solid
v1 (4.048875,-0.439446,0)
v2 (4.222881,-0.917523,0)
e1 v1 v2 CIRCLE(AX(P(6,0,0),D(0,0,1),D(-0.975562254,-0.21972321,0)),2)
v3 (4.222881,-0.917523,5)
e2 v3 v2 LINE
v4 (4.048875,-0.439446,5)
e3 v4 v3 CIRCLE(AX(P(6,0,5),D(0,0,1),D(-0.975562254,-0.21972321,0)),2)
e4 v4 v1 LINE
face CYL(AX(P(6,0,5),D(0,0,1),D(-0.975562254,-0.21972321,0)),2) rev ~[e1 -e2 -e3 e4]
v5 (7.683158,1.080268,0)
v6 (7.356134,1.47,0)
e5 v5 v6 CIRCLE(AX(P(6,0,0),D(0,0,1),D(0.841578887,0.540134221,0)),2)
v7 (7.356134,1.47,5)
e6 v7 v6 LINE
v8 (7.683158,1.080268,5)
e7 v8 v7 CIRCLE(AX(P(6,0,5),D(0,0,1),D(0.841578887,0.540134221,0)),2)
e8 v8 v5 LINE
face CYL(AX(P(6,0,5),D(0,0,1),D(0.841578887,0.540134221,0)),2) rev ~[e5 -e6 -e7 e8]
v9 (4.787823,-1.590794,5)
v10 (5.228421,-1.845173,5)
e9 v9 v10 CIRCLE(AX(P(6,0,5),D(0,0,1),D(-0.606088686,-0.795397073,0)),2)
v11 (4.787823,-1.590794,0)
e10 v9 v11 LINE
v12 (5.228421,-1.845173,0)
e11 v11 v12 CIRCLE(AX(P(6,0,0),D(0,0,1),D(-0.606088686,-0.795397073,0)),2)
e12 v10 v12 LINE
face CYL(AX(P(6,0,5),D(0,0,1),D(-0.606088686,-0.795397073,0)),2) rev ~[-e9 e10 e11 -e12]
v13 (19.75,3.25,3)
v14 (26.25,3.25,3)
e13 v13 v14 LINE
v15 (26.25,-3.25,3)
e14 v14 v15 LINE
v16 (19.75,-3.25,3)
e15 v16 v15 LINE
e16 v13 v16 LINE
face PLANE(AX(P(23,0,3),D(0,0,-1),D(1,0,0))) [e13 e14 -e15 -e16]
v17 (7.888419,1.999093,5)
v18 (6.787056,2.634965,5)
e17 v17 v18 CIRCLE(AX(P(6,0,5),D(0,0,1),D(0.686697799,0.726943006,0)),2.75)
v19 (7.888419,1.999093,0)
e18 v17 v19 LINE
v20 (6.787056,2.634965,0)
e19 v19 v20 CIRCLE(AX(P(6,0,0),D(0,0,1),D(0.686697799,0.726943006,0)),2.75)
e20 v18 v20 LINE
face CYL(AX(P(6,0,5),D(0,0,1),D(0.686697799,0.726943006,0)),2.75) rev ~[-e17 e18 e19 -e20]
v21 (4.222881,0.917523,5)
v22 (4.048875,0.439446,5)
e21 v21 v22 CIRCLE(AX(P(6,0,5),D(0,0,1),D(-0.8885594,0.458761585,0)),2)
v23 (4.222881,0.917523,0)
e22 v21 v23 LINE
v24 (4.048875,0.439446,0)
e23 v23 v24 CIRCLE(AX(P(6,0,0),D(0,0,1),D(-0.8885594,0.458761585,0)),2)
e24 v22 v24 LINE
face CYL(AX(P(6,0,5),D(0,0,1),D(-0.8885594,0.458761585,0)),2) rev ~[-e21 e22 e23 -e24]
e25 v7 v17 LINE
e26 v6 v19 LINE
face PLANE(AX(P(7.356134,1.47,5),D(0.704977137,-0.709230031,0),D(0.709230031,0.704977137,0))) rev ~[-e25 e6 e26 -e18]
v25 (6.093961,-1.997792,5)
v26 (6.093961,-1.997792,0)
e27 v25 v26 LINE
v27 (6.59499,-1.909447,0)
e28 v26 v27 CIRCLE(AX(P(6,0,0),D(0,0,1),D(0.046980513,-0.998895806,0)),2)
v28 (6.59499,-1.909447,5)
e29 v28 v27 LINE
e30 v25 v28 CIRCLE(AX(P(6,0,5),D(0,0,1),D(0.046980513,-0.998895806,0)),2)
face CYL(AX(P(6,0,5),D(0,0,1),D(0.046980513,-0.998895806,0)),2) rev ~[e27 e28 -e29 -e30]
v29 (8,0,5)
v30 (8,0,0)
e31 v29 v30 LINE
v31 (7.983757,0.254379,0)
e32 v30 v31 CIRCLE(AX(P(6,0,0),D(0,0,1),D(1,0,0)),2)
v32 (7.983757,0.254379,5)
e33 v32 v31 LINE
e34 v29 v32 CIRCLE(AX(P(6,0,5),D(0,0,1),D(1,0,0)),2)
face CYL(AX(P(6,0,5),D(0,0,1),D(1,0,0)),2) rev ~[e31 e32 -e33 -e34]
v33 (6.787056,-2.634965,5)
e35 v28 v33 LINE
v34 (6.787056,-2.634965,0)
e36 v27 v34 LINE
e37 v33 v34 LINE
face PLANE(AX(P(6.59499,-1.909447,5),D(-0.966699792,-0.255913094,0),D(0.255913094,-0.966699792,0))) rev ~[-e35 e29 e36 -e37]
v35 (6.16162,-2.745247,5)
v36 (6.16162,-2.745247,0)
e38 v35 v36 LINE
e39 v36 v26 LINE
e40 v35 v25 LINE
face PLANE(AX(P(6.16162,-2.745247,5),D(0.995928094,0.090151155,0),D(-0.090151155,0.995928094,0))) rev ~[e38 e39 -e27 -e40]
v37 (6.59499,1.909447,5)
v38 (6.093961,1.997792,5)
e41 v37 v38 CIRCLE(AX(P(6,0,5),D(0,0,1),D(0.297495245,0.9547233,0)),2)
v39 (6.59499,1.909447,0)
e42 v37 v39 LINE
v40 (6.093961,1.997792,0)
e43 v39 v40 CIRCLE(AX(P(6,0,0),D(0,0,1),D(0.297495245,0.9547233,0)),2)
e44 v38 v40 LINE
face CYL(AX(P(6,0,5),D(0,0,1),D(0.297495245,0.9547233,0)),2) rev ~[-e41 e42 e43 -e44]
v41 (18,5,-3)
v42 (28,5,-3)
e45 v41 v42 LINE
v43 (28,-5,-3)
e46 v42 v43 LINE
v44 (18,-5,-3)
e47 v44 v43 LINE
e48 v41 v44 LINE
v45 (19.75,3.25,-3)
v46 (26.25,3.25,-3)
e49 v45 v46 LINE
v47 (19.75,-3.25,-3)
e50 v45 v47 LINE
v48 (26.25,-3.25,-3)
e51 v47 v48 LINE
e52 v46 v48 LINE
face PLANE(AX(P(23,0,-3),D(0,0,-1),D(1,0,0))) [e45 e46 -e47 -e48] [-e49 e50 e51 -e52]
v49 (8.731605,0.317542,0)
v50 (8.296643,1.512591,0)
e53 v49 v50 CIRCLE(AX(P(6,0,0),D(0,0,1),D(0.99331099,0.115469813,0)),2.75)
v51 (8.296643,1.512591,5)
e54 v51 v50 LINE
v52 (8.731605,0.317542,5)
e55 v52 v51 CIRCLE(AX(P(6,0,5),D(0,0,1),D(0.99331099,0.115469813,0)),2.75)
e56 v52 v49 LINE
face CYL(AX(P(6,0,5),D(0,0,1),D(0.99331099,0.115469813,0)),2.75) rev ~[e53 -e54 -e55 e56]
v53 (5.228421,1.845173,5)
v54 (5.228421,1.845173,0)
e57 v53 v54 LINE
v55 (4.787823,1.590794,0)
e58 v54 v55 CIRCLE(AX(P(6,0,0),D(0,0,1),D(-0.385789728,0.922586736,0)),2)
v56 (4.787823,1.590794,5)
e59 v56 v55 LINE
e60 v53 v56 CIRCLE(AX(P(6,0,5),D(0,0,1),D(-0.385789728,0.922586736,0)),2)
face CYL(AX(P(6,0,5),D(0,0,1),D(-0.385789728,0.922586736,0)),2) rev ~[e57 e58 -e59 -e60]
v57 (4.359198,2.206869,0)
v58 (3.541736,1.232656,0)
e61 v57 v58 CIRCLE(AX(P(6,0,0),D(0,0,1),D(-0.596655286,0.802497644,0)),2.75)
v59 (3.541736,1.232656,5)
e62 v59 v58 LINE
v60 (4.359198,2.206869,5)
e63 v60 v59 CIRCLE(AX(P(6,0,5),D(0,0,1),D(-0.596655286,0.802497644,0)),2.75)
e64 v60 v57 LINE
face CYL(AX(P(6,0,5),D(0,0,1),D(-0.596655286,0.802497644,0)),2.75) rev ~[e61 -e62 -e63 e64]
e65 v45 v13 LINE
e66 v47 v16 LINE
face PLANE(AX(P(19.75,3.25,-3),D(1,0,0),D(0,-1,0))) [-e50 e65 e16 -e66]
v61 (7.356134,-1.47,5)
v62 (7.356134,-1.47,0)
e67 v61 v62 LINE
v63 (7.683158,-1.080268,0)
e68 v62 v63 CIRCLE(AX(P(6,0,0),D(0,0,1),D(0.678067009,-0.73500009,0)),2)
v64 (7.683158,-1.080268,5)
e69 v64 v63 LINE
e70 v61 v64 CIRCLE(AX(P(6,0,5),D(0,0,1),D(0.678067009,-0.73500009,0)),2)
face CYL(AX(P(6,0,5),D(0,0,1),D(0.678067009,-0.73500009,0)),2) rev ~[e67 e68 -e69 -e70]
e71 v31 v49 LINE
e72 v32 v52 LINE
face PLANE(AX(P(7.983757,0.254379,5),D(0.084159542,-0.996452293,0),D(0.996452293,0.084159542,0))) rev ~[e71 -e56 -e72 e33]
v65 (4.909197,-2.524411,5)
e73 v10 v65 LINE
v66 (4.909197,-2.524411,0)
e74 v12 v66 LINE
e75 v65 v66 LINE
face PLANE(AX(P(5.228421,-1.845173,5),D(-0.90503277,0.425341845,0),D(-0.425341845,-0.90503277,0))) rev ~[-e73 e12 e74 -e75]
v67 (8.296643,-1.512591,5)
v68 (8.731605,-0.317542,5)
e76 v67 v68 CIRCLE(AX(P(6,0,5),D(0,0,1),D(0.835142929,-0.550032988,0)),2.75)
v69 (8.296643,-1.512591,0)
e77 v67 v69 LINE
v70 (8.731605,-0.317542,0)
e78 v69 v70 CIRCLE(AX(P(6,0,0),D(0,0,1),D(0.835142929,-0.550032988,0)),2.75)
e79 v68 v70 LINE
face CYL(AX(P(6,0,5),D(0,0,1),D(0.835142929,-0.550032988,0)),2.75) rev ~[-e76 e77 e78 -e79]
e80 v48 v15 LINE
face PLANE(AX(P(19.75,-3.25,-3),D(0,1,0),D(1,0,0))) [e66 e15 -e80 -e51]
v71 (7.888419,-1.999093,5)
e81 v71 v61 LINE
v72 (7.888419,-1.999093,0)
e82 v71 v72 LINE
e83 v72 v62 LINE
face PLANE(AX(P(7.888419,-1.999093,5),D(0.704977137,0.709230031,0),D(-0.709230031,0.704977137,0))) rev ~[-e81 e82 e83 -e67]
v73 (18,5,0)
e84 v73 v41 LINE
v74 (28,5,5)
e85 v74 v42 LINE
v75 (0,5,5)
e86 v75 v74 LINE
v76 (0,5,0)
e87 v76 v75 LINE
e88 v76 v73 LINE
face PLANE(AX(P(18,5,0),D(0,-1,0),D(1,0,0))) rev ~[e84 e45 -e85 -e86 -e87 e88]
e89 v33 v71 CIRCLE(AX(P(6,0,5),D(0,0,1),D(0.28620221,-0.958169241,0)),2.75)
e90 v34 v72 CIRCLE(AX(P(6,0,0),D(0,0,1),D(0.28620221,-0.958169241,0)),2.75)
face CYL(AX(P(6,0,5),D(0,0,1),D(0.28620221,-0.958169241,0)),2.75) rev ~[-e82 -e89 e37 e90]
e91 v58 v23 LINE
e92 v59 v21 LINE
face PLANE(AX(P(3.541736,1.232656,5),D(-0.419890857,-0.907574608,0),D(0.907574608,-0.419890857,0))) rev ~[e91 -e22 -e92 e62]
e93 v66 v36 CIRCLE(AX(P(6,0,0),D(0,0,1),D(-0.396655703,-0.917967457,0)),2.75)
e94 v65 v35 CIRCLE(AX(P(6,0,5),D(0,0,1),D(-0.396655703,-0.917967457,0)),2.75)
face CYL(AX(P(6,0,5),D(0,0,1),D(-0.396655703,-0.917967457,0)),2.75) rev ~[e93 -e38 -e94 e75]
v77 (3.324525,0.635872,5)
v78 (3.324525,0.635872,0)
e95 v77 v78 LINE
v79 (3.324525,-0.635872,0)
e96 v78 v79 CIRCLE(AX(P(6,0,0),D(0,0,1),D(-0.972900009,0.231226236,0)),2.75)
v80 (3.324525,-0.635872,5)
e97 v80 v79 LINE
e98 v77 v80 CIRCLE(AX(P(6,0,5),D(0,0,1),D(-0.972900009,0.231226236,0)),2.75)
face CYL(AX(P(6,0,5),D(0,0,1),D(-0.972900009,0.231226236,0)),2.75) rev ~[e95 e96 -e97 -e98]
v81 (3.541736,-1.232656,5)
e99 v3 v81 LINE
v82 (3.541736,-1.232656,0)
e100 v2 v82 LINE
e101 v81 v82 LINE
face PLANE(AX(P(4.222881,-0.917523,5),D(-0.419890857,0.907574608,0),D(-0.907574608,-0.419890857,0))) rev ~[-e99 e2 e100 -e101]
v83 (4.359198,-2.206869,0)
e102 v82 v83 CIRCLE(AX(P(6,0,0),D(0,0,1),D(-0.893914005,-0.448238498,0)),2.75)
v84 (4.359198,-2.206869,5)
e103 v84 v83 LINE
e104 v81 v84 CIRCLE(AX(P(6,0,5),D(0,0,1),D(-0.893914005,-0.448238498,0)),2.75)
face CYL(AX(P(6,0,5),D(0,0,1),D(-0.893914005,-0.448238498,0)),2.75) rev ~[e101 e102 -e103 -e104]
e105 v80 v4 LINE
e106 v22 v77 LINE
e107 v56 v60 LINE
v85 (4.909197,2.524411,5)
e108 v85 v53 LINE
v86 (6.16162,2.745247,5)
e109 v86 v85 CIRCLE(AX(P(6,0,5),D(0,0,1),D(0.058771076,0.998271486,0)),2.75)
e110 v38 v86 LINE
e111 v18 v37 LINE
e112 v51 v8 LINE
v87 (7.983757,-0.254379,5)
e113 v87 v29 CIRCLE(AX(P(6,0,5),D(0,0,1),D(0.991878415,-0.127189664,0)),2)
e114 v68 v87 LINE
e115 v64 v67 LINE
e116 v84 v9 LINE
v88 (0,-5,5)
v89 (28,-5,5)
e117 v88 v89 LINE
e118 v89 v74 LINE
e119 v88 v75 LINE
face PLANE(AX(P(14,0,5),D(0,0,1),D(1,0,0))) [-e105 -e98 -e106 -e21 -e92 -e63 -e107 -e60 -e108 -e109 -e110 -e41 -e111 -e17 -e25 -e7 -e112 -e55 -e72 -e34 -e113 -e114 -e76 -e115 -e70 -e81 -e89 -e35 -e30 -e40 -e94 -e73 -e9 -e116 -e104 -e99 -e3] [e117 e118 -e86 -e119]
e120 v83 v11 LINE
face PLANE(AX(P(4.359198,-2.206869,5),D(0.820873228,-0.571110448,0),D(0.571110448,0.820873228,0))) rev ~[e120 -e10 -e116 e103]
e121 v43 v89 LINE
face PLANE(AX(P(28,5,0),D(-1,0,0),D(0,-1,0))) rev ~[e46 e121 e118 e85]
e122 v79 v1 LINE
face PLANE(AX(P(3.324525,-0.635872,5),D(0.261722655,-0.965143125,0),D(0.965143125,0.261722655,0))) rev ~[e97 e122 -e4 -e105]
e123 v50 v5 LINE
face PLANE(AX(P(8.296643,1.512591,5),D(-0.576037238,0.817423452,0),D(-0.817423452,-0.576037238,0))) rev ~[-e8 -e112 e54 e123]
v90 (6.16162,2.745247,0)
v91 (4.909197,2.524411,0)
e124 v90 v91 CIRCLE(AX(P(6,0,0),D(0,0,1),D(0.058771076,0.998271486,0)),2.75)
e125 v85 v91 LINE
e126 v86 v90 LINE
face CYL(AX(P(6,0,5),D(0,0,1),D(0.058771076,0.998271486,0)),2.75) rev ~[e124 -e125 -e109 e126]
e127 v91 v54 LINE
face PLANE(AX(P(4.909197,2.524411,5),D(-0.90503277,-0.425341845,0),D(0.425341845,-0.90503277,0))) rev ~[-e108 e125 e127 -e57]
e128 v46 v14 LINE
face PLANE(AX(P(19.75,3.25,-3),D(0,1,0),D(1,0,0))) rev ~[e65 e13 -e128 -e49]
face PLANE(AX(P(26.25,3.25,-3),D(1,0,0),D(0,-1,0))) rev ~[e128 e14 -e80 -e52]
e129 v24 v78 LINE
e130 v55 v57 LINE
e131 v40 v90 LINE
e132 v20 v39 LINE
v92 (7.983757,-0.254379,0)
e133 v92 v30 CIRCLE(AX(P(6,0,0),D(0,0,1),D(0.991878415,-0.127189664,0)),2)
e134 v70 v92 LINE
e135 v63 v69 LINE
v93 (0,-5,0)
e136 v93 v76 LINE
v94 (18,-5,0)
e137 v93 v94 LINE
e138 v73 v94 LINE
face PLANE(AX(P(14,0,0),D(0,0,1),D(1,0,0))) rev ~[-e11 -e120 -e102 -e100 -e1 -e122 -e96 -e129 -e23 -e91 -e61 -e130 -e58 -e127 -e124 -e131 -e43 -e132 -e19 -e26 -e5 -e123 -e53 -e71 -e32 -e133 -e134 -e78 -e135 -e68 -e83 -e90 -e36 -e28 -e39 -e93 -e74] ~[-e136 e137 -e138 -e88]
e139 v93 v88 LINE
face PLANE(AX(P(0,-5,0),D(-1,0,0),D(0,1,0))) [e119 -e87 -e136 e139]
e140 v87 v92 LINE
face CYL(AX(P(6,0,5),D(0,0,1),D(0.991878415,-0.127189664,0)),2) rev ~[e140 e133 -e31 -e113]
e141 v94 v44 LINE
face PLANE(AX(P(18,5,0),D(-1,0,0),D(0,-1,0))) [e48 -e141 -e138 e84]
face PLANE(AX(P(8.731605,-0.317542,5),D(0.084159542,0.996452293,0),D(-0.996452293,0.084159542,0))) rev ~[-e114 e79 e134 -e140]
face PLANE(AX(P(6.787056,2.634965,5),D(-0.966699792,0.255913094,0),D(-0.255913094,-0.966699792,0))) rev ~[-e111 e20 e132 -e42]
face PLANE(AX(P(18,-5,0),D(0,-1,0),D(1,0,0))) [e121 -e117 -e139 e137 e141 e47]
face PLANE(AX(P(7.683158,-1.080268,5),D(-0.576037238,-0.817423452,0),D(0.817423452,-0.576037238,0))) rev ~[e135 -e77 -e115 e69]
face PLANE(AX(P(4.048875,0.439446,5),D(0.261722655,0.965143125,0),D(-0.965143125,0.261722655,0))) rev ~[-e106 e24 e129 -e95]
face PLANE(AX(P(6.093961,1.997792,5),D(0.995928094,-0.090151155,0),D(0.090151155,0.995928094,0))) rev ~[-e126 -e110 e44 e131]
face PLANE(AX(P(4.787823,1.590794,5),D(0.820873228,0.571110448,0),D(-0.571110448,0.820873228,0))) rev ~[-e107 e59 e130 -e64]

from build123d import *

# Parameters (mm, degrees)
F0_W     = 28
F0_H     = 10
F1_DEPTH = 5
F3_DEPTH = 6
F4_W     = 10
F4_H     = 10
F5_DEPTH = 3
F6_W     = 6.5
F6_H     = 6.5
F7_DEPTH = 6


with BuildPart() as f1:
    # F0 (on Top) → F1 (new body)
    with BuildSketch(Plane.XY):
        with Locations((14, 0)):
            Rectangle(F0_W, F0_H)
    extrude(amount=F1_DEPTH)

    # F2 (on face) → F3 (cut)
    with BuildSketch(Plane.XY.offset(5)):
        with BuildLine():
            Line((7.9837568295, 0.2543793255), (8.7316052217, 0.3175419863))
            ThreePointArc((8.7316052217, 0.3175419863), (8.5841547072, 0.9405553941), (8.2966430552, 1.512590717))
            Line((8.2966430552, 1.512590717), (7.6831577744, 1.0802684419))
            ThreePointArc((7.6831577744, 1.0802684419), (7.8793852416, 0.6840402867), (7.9837568295, 0.2543793255))
        make_face()
        with BuildLine():
            Line((7.9837568295, -0.2543793255), (7.9837568295, 0.2543793255))
            ThreePointArc((7.9837568295, 0.2543793255), (7.8793852416, 0.6840402867), (7.6831577744, 1.0802684419))
            Line((7.6831577744, 1.0802684419), (7.3561340172, 1.4700001794))
            ThreePointArc((7.3561340172, 1.4700001794), (7, 1.7320508076), (6.5949904904, 1.9094465995))
            Line((6.5949904904, 1.9094465995), (6.0939610264, 1.9977916121))
            ThreePointArc((6.0939610264, 1.9977916121), (5.6527036447, 1.969615506), (5.2284205433, 1.8451734721))
            Line((5.2284205433, 1.8451734721), (4.7878226271, 1.5907941466))
            ThreePointArc((4.7878226271, 1.5907941466), (4.4679111138, 1.2855752194), (4.2228811992, 0.9175231702))
            Line((4.2228811992, 0.9175231702), (4.0488754925, 0.4394464201))
            ThreePointArc((4.0488754925, 0.4394464201), (4, 0), (4.0488754925, -0.4394464201))
            Line((4.0488754925, -0.4394464201), (4.2228811992, -0.9175231702))
            ThreePointArc((4.2228811992, -0.9175231702), (4.4679111138, -1.2855752194), (4.7878226271, -1.5907941466))
            Line((4.7878226271, -1.5907941466), (5.2284205433, -1.8451734721))
            ThreePointArc((5.2284205433, -1.8451734721), (5.6527036447, -1.969615506), (6.0939610264, -1.9977916121))
            Line((6.0939610264, -1.9977916121), (6.5949904904, -1.9094465995))
            ThreePointArc((6.5949904904, -1.9094465995), (7, -1.7320508076), (7.3561340172, -1.4700001794))
            Line((7.3561340172, -1.4700001794), (7.6831577744, -1.0802684419))
            ThreePointArc((7.6831577744, -1.0802684419), (7.8793852416, -0.6840402867), (7.9837568295, -0.2543793255))
        make_face()
        with BuildLine():
            ThreePointArc((8, 0), (7.9959350765, 0.1274486974), (7.9837568295, 0.2543793255))
            Line((7.9837568295, 0.2543793255), (7.9837568295, -0.2543793255))
            ThreePointArc((7.9837568295, -0.2543793255), (7.9959350765, -0.1274486974), (8, 0))
        make_face()
        with BuildLine():
            Line((7.3561340172, 1.4700001794), (7.6831577744, 1.0802684419))
            ThreePointArc((7.6831577744, 1.0802684419), (7.5320888862, 1.2855752194), (7.3561340172, 1.4700001794))
        make_face()
        with BuildLine():
            Line((8.7316052217, -0.3175419863), (7.9837568295, -0.2543793255))
            ThreePointArc((7.9837568295, -0.2543793255), (7.8793852416, -0.6840402867), (7.6831577744, -1.0802684419))
            Line((7.6831577744, -1.0802684419), (8.2966430552, -1.512590717))
            ThreePointArc((8.2966430552, -1.512590717), (8.5841547072, -0.9405553941), (8.7316052217, -0.3175419863))
        make_face()
        with BuildLine():
            ThreePointArc((6.5949904904, 1.9094465995), (7, 1.7320508076), (7.3561340172, 1.4700001794))
            Line((7.3561340172, 1.4700001794), (7.8884189465, 1.9990932651))
            ThreePointArc((7.8884189465, 1.9990932651), (7.375, 2.3815698604), (6.7870560788, 2.6349654132))
            Line((6.7870560788, 2.6349654132), (6.5949904904, 1.9094465995))
        make_face()
        with BuildLine():
            ThreePointArc((7.3561340172, -1.4700001794), (7.5320888862, -1.2855752194), (7.6831577744, -1.0802684419))
            Line((7.6831577744, -1.0802684419), (7.3561340172, -1.4700001794))
        make_face()
        with BuildLine():
            Line((6.0939610264, 1.9977916121), (6.5949904904, 1.9094465995))
            ThreePointArc((6.5949904904, 1.9094465995), (6.3472963553, 1.969615506), (6.0939610264, 1.9977916121))
        make_face()
        with BuildLine():
            Line((7.8884189465, -1.9990932651), (7.3561340172, -1.4700001794))
            ThreePointArc((7.3561340172, -1.4700001794), (7, -1.7320508076), (6.5949904904, -1.9094465995))
            Line((6.5949904904, -1.9094465995), (6.7870560788, -2.6349654132))
            ThreePointArc((6.7870560788, -2.6349654132), (7.375, -2.3815698604), (7.8884189465, -1.9990932651))
        make_face()
        with BuildLine():
            ThreePointArc((5.2284205433, 1.8451734721), (5.6527036447, 1.969615506), (6.0939610264, 1.9977916121))
            Line((6.0939610264, 1.9977916121), (6.1616204589, 2.7452465877))
            ThreePointArc((6.1616204589, 2.7452465877), (5.5224675114, 2.7082213208), (4.9091968161, 2.5244105082))
            Line((4.9091968161, 2.5244105082), (5.2284205433, 1.8451734721))
        make_face()
        with BuildLine():
            ThreePointArc((6.0939610264, -1.9977916121), (6.3472963553, -1.969615506), (6.5949904904, -1.9094465995))
            Line((6.5949904904, -1.9094465995), (6.0939610264, -1.9977916121))
        make_face()
        with BuildLine():
            Line((4.7878226271, 1.5907941466), (5.2284205433, 1.8451734721))
            ThreePointArc((5.2284205433, 1.8451734721), (5, 1.7320508076), (4.7878226271, 1.5907941466))
        make_face()
        with BuildLine():
            Line((6.1616204589, -2.7452465877), (6.0939610264, -1.9977916121))
            ThreePointArc((6.0939610264, -1.9977916121), (5.6527036447, -1.969615506), (5.2284205433, -1.8451734721))
            Line((5.2284205433, -1.8451734721), (4.9091968161, -2.5244105082))
            ThreePointArc((4.9091968161, -2.5244105082), (5.5224675114, -2.7082213208), (6.1616204589, -2.7452465877))
        make_face()
        with BuildLine():
            ThreePointArc((4.2228811992, 0.9175231702), (4.4679111138, 1.2855752194), (4.7878226271, 1.5907941466))
            Line((4.7878226271, 1.5907941466), (4.3591979623, 2.2068685219))
            ThreePointArc((4.3591979623, 2.2068685219), (3.8933777814, 1.7676659266), (3.541736486, 1.2326558707))
            Line((3.541736486, 1.2326558707), (4.2228811992, 0.9175231702))
        make_face()
        with BuildLine():
            ThreePointArc((4.7878226271, -1.5907941466), (5, -1.7320508076), (5.2284205433, -1.8451734721))
            Line((5.2284205433, -1.8451734721), (4.7878226271, -1.5907941466))
        make_face()
        with BuildLine():
            Line((4.0488754925, 0.4394464201), (4.2228811992, 0.9175231702))
            ThreePointArc((4.2228811992, 0.9175231702), (4.1206147584, 0.6840402867), (4.0488754925, 0.4394464201))
        make_face()
        with BuildLine():
            Line((4.3591979623, -2.2068685219), (4.7878226271, -1.5907941466))
            ThreePointArc((4.7878226271, -1.5907941466), (4.4679111138, -1.2855752194), (4.2228811992, -0.9175231702))
            Line((4.2228811992, -0.9175231702), (3.541736486, -1.2326558707))
            ThreePointArc((3.541736486, -1.2326558707), (3.8933777814, -1.7676659266), (4.3591979623, -2.2068685219))
        make_face()
        with BuildLine():
            ThreePointArc((4.0488754925, -0.4394464201), (4, 0), (4.0488754925, 0.4394464201))
            Line((4.0488754925, 0.4394464201), (3.3245249747, 0.6358721481))
            ThreePointArc((3.3245249747, 0.6358721481), (3.25, 0), (3.3245249747, -0.6358721481))
            Line((3.3245249747, -0.6358721481), (4.0488754925, -0.4394464201))
        make_face()
        with BuildLine():
            ThreePointArc((4.0488754925, -0.4394464201), (4.1206147584, -0.6840402867), (4.2228811992, -0.9175231702))
            Line((4.2228811992, -0.9175231702), (4.0488754925, -0.4394464201))
        make_face()
    extrude(amount=-F3_DEPTH, mode=Mode.SUBTRACT)

    # F4 (on face) → F5 (join)
    with BuildSketch(Plane(origin=(0, 0, 0), x_dir=(1, 0, 0), z_dir=(0, 0, -1))):
        with Locations((23, 0)):
            Rectangle(F4_W, F4_H)
    extrude(amount=F5_DEPTH)

    # F6 (on face) → F7 (cut)
    with BuildSketch(Plane(origin=(0, 0, -3), x_dir=(1, 0, 0), z_dir=(0, 0, -1))):
        with Locations((23, 0)):
            Rectangle(F6_W, F6_H)
    extrude(amount=-F7_DEPTH, mode=Mode.SUBTRACT)


solid = f1.part
